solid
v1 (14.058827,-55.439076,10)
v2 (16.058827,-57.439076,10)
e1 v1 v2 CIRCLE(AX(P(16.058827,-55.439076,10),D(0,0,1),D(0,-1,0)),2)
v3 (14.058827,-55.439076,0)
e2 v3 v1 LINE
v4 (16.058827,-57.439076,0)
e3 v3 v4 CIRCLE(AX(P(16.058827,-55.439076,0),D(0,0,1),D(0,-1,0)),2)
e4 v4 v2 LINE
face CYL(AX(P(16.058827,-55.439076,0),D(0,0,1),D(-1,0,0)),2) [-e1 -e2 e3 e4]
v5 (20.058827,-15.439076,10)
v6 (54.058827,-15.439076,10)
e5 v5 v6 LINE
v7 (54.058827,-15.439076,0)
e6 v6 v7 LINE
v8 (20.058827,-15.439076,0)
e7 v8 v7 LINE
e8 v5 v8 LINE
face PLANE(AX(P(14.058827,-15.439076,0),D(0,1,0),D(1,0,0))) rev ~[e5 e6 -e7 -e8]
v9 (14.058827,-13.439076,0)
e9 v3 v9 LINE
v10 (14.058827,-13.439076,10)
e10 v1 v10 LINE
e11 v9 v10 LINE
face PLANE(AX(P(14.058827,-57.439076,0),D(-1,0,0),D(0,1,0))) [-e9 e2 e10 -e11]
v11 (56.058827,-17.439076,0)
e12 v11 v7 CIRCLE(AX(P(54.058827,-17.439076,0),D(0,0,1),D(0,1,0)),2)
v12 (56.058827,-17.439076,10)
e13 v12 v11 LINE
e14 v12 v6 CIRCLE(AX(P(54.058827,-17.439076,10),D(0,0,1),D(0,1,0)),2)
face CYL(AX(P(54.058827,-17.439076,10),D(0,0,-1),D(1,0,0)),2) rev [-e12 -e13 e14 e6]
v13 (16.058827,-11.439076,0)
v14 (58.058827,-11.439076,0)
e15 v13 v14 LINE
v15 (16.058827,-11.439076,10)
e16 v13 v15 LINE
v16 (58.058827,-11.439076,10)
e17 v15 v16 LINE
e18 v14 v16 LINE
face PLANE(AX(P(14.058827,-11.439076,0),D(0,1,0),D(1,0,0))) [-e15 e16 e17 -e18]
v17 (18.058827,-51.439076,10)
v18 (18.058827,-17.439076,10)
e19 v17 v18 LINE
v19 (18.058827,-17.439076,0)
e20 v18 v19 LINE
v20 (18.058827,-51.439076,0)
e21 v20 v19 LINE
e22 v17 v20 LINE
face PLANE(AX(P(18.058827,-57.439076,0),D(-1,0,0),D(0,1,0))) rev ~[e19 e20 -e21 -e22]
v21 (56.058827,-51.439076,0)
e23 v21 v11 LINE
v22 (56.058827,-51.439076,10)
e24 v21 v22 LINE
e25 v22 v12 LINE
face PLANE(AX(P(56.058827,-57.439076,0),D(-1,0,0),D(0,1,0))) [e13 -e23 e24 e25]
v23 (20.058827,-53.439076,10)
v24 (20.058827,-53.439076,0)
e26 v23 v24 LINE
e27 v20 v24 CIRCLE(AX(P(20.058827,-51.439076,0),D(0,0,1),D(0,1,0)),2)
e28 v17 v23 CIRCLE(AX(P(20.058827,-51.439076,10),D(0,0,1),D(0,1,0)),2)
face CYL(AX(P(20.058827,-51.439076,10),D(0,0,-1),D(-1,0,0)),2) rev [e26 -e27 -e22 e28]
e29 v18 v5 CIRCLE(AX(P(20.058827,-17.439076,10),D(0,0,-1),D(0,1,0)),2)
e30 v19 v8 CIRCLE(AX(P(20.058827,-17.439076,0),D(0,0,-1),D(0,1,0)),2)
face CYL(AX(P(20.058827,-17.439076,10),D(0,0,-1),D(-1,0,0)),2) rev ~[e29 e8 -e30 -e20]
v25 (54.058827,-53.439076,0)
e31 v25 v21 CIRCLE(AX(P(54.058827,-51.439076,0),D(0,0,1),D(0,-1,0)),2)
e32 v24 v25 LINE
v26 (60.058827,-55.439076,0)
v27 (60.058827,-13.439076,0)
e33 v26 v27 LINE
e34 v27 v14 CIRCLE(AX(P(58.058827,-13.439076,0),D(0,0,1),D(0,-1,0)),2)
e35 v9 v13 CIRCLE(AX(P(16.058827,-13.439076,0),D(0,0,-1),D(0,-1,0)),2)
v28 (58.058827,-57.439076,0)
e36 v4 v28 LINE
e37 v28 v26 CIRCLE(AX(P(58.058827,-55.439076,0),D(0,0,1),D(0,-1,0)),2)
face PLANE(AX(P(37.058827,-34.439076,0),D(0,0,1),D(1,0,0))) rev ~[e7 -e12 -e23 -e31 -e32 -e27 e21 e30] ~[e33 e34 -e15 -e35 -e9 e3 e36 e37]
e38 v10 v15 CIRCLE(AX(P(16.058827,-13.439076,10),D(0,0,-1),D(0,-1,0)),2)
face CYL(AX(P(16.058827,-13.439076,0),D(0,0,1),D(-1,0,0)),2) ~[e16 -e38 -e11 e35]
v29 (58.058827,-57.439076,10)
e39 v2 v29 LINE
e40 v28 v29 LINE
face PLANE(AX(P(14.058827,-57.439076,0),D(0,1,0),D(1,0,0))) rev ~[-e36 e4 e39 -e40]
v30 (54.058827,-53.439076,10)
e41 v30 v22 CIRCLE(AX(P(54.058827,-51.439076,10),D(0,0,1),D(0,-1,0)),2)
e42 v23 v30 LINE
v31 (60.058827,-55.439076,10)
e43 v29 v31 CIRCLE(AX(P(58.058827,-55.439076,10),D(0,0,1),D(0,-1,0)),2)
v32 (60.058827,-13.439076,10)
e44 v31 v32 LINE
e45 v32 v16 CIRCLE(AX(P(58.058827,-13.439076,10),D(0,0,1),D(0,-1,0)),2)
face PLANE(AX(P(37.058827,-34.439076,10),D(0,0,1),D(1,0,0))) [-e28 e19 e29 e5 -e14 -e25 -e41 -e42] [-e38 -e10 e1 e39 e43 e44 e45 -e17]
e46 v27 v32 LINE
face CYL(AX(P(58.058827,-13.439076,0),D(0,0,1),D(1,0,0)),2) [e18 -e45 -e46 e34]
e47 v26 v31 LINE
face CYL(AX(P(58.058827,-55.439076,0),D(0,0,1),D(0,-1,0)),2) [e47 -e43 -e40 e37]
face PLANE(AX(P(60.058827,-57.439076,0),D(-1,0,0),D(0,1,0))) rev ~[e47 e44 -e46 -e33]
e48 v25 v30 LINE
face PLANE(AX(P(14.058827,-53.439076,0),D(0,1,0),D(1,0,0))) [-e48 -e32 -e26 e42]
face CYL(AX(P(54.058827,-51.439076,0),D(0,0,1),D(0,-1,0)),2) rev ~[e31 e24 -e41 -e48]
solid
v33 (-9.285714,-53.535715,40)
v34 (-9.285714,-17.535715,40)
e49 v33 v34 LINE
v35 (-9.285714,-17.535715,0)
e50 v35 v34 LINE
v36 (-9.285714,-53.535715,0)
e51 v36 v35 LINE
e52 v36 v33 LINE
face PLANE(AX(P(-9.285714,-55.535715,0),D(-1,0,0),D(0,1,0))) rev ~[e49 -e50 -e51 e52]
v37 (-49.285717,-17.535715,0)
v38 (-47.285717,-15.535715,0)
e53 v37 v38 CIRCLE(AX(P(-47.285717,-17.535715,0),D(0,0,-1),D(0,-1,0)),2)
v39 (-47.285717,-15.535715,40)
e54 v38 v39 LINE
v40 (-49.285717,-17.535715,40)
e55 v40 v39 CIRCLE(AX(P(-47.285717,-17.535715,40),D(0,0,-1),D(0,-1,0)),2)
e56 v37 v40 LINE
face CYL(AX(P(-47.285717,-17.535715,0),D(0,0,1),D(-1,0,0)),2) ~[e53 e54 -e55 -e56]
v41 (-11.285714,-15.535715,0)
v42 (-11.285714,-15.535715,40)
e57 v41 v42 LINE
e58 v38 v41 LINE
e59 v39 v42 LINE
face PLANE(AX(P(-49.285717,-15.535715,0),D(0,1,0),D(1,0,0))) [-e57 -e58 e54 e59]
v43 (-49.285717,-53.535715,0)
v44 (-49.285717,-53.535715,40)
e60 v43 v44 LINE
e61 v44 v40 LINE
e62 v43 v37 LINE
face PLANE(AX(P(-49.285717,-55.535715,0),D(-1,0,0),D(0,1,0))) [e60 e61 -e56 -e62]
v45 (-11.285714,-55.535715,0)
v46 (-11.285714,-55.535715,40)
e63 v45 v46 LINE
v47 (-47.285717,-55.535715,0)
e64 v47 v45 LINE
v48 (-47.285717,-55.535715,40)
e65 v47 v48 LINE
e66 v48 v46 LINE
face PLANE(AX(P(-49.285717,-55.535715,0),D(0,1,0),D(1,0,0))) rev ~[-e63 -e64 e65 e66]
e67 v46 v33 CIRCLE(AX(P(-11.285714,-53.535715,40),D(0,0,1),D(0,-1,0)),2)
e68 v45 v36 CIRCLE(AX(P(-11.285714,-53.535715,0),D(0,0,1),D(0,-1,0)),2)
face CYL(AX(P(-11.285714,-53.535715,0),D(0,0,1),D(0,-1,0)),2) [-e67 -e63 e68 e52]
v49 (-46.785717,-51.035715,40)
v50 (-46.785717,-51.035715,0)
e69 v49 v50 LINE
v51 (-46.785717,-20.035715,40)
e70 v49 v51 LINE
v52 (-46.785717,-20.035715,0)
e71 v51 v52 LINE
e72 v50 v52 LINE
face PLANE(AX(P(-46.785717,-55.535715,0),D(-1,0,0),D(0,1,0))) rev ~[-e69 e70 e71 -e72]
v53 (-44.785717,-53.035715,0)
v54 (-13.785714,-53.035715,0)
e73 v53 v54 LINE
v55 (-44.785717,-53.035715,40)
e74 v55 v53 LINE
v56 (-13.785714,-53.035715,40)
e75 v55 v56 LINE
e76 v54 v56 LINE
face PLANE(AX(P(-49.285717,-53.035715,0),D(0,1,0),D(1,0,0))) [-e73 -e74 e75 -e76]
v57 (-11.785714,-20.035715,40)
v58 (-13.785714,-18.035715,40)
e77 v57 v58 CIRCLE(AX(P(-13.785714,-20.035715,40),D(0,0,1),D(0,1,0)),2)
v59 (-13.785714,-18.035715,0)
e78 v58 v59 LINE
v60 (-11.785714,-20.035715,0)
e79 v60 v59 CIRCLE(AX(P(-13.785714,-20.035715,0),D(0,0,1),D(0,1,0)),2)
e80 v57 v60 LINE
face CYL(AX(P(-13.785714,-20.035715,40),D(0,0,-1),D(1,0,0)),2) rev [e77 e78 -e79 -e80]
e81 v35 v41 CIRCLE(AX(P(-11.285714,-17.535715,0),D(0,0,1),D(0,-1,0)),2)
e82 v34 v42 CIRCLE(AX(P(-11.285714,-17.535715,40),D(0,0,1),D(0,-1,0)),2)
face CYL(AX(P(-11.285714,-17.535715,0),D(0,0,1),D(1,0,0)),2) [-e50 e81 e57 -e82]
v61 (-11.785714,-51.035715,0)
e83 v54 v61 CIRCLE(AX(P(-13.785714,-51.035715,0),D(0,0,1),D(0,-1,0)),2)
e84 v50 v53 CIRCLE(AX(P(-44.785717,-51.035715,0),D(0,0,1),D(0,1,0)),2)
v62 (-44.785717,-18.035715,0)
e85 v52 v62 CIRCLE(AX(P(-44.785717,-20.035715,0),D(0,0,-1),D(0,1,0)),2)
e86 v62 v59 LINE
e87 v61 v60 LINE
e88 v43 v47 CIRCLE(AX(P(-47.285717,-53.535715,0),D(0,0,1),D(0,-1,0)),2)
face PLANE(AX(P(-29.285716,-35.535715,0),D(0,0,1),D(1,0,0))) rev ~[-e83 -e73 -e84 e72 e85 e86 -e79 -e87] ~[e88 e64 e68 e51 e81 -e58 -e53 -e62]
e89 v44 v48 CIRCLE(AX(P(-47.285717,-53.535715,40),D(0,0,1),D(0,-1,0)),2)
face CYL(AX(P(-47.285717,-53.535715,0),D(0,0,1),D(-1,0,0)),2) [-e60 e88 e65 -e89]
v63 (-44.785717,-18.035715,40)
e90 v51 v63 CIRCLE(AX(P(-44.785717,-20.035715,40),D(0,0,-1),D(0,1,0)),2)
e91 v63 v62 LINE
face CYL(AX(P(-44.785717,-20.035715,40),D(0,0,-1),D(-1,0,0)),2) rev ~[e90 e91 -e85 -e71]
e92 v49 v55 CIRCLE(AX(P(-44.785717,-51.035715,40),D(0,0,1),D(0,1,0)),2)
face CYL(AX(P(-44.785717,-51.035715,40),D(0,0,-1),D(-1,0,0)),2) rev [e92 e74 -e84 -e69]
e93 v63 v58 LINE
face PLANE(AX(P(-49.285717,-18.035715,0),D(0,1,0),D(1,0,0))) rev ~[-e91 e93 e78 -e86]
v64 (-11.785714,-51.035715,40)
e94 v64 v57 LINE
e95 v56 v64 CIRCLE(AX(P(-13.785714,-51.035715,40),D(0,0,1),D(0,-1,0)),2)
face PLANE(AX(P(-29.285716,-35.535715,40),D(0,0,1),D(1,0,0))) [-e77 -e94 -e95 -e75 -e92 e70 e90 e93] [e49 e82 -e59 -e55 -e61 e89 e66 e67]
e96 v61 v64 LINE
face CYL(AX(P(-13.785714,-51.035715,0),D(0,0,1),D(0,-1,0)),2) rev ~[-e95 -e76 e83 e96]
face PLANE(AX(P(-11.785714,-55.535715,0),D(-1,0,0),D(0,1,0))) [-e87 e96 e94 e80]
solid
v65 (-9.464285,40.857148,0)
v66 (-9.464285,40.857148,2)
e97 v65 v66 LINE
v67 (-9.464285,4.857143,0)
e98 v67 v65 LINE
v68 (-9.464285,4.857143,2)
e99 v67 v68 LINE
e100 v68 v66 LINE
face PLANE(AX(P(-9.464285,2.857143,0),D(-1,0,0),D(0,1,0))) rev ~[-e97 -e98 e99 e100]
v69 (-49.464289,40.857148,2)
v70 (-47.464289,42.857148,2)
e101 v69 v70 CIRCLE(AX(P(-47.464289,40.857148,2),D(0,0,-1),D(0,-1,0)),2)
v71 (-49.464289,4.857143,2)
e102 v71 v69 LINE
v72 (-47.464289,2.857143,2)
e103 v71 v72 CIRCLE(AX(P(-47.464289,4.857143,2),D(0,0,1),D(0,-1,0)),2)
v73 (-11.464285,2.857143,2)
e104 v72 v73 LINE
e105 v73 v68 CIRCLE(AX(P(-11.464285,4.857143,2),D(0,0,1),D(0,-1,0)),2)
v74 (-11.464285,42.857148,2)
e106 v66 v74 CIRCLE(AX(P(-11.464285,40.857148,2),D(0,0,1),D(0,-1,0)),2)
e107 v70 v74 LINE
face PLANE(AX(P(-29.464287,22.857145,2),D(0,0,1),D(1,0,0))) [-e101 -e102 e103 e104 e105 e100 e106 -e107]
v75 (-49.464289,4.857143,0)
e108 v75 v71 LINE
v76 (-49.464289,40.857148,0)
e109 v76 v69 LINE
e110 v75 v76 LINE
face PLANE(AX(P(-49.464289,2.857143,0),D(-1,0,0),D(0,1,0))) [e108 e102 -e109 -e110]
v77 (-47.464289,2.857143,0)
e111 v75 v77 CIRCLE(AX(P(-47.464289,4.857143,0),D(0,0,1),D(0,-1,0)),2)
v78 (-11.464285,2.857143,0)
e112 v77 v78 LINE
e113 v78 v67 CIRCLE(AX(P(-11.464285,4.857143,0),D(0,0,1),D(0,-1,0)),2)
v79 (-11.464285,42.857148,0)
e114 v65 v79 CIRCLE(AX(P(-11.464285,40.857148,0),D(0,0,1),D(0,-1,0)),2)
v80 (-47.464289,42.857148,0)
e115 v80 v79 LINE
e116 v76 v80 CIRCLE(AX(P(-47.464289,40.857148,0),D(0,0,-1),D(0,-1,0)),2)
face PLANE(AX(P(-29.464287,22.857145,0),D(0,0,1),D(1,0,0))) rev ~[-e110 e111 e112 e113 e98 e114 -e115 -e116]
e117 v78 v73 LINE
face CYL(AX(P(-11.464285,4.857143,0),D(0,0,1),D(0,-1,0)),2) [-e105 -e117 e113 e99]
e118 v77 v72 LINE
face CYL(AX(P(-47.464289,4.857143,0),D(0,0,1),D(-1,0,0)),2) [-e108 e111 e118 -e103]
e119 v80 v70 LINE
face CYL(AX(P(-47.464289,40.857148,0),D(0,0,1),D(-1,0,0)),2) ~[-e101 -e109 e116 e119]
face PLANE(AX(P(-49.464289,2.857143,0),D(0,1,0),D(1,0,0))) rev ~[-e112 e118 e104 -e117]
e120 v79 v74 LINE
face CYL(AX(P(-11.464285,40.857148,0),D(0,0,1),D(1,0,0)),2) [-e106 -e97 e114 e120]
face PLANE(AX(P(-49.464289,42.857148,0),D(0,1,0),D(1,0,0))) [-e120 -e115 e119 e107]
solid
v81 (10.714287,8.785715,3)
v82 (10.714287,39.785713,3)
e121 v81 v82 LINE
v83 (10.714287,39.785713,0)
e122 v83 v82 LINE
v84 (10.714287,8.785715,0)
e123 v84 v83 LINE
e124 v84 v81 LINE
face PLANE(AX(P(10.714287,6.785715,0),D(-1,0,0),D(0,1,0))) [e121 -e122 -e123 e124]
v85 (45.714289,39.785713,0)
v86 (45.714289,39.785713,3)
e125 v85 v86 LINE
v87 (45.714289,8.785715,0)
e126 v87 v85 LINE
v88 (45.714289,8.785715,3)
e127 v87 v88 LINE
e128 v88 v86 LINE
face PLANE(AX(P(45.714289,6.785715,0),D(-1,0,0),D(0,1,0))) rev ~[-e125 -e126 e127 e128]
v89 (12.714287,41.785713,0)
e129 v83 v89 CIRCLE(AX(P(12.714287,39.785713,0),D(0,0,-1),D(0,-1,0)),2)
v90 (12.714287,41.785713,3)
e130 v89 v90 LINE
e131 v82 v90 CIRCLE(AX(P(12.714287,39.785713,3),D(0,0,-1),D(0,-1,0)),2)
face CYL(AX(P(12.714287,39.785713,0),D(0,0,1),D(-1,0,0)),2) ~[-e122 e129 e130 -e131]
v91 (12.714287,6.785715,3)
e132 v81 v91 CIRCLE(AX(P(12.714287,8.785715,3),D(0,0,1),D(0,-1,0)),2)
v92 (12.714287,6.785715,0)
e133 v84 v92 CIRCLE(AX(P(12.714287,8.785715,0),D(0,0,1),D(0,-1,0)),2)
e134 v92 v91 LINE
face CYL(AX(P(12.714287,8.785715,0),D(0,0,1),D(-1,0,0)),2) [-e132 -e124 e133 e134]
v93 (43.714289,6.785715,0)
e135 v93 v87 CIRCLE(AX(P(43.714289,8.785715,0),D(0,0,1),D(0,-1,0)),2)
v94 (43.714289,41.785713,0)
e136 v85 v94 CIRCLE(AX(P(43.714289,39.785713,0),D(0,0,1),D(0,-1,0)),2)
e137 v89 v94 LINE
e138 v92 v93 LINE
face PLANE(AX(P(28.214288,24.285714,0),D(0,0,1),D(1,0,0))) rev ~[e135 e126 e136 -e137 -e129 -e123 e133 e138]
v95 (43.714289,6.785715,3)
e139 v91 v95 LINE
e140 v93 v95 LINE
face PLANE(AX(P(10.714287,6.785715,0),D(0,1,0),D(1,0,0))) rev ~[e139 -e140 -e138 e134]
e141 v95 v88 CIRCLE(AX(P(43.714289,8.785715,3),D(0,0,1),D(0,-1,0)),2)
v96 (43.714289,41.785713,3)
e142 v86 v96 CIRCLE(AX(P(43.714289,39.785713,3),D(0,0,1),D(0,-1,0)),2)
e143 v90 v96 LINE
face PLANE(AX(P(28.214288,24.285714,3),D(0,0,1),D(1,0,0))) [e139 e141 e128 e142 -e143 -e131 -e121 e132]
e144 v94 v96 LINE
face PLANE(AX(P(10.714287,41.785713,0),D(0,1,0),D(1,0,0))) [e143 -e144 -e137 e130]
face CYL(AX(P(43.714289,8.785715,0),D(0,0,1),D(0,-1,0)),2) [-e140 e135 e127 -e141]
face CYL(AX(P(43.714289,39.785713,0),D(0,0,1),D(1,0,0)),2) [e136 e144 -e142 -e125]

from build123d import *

# Parameters (mm, degrees)
F0_W      = 40.0000037625
F0_H      = 40.0000046939
F1_DEPTH  = 2
F2_R      = 2
F3_W      = 35.0000020117
F3_H      = 34.999998752
F4_DEPTH  = 3
F5_R      = 2
F6_W      = 40.0000028312
F6_H      = 40.0000000373
F7_DEPTH  = 40
F8_T      = -2.5
F9_R      = 2
F10_W     = 46
F10_H     = 46
F11_DEPTH = 10
F12_T     = -4
F13_R     = 2


with BuildPart() as f1:
    # F0 (on Top) → F1 (new body)
    with BuildSketch(Plane.XY):
        with Locations((-29.4642872177, 22.8571454063)):
            Rectangle(F0_W, F0_H)
    extrude(amount=F1_DEPTH)

    # F2
    f2_edges = [f1.edges().sort_by_distance(p)[0] for p in [
        (-49.464289, 2.857143, 1),
        (-9.464285, 2.857143, 1),
        (-9.464285, 42.857148, 1),
        (-49.464289, 42.857148, 1),
    ]]
    fillet(f2_edges, radius=F2_R)


with BuildPart() as f4:
    # F3 (on Top) → F4 (new body)
    with BuildSketch(Plane.XY):
        with Locations((28.2142879441, 24.2857139092)):
            Rectangle(F3_W, F3_H)
    extrude(amount=F4_DEPTH)

    # F5
    f5_edges = [f4.edges().sort_by_distance(p)[0] for p in [
        (10.714287, 6.785715, 1.5),
        (45.714289, 6.785715, 1.5),
        (45.714289, 41.785713, 1.5),
        (10.714287, 41.785713, 1.5),
    ]]
    fillet(f5_edges, radius=F5_R)


with BuildPart() as f7:
    # F6 (on Top) → F7 (new body)
    with BuildSketch(Plane.XY):
        with Locations((-29.2857158929, -35.5357150547)):
            Rectangle(F6_W, F6_H)
    extrude(amount=F7_DEPTH)

    # F8
    f8_openings = [f7.faces().sort_by_distance(p)[0] for p in [
        (-29.285716, -35.535715, 40),
        (-29.285716, -35.535715, 0),
    ]]
    offset(amount=F8_T, openings=f8_openings)

    # F9
    f9_edges = [f7.edges().sort_by_distance(p)[0] for p in [
        (-9.285714, -55.535715, 20),
        (-9.285714, -15.535715, 20),
        (-49.285717, -15.535715, 20),
        (-49.285717, -55.535715, 20),
        (-11.785714, -53.035715, 20),
        (-11.785714, -18.035715, 20),
        (-46.785717, -18.035715, 20),
        (-46.785717, -53.035715, 20),
    ]]
    fillet(f9_edges, radius=F9_R)


with BuildPart() as f11:
    # F10 (on Top) → F11 (new body)
    with BuildSketch(Plane.XY):
        with Locations((37.0588265359, -34.4390756935)):
            Rectangle(F10_W, F10_H)
    extrude(amount=F11_DEPTH)

    # F12
    f12_openings = [f11.faces().sort_by_distance(p)[0] for p in [
        (37.058827, -34.439076, 10),
        (37.058827, -34.439076, 0),
    ]]
    offset(amount=F12_T, openings=f12_openings)

    # F13
    f13_edges = [f11.edges().sort_by_distance(p)[0] for p in [
        (60.058827, -11.439076, 5),
        (14.058827, -57.439076, 5),
        (14.058827, -11.439076, 5),
        (60.058827, -57.439076, 5),
        (18.058827, -53.439076, 5),
        (18.058827, -15.439076, 5),
        (56.058827, -53.439076, 5),
        (56.058827, -15.439076, 5),
    ]]
    fillet(f13_edges, radius=F13_R)


solid = Compound([f1.part, f4.part, f7.part, f11.part])
